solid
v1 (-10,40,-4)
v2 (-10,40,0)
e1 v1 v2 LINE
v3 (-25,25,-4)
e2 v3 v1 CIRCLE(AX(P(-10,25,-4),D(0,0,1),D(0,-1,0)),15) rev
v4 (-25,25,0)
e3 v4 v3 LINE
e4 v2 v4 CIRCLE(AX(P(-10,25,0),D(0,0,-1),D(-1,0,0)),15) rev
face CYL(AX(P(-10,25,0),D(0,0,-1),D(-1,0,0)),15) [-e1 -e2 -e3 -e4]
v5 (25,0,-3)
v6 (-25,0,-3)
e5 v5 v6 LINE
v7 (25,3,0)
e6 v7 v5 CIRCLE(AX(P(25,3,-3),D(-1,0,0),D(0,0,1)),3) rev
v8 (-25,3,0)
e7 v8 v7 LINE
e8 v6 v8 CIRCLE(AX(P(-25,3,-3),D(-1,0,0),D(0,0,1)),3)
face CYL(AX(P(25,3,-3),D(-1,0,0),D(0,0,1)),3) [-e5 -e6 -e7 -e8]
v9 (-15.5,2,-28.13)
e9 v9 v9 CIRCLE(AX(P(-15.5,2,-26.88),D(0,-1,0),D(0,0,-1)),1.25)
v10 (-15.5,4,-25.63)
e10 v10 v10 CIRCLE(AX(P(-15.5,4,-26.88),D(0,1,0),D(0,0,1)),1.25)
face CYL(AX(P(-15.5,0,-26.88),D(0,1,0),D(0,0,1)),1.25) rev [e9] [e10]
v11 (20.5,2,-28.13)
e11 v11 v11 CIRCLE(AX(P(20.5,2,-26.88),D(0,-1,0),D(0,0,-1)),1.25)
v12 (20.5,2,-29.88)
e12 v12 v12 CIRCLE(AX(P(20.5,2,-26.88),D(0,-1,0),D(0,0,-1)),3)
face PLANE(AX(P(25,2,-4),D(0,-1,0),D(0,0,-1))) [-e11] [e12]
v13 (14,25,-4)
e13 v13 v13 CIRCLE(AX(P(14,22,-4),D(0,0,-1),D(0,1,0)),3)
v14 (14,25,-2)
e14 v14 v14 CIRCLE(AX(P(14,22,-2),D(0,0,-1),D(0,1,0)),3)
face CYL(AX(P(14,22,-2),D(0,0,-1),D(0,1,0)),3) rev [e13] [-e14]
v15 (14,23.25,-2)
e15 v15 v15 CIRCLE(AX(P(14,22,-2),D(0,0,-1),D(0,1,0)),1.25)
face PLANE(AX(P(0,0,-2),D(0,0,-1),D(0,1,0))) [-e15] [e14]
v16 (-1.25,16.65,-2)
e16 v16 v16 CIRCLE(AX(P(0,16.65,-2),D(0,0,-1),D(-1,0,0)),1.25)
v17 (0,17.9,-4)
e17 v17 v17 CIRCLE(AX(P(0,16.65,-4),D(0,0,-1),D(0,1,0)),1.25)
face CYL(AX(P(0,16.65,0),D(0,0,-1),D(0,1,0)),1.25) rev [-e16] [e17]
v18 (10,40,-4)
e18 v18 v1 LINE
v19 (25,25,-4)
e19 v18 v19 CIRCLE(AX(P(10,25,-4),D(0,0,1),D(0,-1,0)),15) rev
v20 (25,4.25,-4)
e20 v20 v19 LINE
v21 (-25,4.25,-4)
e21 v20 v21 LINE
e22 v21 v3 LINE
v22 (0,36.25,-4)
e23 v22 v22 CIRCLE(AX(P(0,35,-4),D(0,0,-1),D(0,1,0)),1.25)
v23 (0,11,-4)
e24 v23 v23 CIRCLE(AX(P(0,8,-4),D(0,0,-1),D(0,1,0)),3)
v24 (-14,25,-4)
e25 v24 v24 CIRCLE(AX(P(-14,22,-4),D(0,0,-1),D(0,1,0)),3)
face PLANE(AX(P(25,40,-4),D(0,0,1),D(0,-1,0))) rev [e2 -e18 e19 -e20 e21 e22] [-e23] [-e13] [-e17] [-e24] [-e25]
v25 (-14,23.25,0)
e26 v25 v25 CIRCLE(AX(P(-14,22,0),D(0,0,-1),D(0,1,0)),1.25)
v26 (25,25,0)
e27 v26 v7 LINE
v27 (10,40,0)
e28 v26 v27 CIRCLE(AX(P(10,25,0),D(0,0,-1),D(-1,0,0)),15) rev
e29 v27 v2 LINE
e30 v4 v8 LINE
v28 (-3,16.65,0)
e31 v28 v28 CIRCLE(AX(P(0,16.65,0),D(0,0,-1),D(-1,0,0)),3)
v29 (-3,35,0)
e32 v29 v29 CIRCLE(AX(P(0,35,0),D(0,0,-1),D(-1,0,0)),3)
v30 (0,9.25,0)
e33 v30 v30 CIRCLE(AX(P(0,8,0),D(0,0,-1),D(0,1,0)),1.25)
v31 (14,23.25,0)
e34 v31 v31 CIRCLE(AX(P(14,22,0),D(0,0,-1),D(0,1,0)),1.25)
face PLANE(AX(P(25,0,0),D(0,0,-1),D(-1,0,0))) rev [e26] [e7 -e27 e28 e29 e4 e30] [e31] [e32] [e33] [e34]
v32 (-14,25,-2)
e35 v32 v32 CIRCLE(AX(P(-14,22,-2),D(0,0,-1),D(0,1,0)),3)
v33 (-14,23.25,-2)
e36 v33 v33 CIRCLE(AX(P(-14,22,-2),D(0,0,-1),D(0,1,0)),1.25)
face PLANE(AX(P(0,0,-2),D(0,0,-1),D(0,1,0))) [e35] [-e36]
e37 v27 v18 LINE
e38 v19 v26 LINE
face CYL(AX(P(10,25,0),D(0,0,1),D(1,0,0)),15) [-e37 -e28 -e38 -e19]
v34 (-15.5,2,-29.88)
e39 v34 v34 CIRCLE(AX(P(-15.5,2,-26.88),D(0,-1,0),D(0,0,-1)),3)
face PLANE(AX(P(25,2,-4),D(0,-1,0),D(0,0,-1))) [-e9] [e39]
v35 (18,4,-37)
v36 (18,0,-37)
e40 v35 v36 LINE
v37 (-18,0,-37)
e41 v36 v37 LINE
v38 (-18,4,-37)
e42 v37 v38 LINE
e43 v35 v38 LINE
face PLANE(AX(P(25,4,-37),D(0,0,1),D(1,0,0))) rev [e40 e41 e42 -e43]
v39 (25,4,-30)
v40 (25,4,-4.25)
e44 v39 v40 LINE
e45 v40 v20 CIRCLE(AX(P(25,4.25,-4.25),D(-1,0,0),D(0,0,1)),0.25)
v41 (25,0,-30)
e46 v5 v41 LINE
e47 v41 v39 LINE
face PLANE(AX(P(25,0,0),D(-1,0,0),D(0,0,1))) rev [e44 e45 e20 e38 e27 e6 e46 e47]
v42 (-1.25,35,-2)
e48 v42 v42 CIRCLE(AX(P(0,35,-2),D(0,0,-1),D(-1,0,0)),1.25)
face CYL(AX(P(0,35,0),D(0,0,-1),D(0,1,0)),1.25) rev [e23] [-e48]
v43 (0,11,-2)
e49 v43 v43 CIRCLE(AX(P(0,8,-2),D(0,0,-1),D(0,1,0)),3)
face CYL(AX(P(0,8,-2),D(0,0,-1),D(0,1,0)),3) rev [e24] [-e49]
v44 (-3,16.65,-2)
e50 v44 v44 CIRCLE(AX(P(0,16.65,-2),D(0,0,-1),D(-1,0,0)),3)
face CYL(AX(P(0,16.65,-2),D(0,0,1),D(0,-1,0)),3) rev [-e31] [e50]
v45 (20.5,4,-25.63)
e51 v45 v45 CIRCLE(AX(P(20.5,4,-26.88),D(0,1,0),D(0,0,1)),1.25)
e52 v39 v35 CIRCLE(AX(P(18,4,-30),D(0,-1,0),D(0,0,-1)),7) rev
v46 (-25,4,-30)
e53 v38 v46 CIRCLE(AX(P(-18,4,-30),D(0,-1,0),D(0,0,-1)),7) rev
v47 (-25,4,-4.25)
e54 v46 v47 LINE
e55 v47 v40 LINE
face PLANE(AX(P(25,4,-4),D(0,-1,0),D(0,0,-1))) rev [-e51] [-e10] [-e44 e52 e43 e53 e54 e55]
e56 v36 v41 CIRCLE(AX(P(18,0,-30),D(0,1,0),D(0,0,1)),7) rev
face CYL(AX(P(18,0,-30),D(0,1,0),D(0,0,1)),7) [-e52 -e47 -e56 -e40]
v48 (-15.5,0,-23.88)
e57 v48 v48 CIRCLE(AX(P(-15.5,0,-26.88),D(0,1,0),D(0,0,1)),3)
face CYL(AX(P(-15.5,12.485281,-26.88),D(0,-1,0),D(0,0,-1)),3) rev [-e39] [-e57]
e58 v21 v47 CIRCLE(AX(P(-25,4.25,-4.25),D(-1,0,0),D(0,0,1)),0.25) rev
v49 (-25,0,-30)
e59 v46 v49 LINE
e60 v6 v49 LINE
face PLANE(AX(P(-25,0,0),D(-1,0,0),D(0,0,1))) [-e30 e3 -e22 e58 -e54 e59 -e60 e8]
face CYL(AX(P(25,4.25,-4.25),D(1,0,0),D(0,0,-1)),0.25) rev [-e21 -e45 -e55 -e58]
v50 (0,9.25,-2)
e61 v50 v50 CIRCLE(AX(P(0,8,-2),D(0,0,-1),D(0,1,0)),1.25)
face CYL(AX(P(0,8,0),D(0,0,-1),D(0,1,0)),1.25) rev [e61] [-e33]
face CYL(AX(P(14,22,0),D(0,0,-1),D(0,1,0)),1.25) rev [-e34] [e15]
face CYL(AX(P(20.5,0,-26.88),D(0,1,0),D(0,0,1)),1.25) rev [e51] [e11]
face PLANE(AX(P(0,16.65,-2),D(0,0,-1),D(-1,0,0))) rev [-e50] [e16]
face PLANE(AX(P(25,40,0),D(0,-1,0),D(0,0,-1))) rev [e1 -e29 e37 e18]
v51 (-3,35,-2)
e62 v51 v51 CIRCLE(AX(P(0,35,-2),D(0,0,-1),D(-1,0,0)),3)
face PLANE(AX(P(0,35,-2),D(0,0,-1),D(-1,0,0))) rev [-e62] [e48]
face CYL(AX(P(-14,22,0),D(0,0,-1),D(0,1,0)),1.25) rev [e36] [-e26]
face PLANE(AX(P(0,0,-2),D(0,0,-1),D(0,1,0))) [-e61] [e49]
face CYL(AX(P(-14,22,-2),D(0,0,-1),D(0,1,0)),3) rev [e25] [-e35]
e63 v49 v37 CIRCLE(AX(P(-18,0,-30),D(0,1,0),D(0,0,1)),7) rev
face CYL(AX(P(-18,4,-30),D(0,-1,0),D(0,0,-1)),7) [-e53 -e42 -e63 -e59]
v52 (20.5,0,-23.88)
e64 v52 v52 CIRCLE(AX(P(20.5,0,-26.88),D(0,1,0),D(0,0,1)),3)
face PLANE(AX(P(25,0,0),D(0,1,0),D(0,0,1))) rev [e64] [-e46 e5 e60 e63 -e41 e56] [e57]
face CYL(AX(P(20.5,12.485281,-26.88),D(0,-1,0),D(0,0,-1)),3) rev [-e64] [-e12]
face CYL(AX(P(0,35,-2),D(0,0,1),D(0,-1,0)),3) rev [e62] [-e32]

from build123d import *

# Parameters (mm, degrees)
RESSALTO_EXTRUS_O1_DEPTH = 25
CORTE_EXTRUS_O1_START    = -4
ESBO_O2_R                = 3
ESBO_O2_R_2              = 1.25
CORTE_EXTRUS_O1_DEPTH    = 2
ESBO_O2_5_R              = 1.25
CORTE_EXTRUS_O2_DEPTH    = 58.358521599
ESBO_O2_6_R              = 1.25
CORTE_EXTRUS_O3_DEPTH    = 58.358521599
ESBO_O4_R                = 3
ESBO_O4_R_2              = 1.25
CORTE_EXTRUS_O4_DEPTH    = 2
ESBO_O4_4_R              = 1.25
CORTE_EXTRUS_O5_DEPTH    = 58.567351858
CORTE_EXTRUS_O8_START    = -4
CORTE_EXTRUS_O8_DEPTH    = 2
CORTE_EXTRUS_O9_DEPTH    = 58.567351858
FILETE1_R                = 15
FILETE2_R                = 7
FILETE3_R                = 0.25
FILETE4_R                = 3


with BuildPart() as part:
    # Esboço1 → Ressalto-extrusão1 (new, symmetric)
    with BuildSketch(Plane(origin=(0, 0, 0), x_dir=(0, 0, -1), z_dir=(1, 0, 0))):
        Polygon((0, 0), (37, 0), (37, 4), (4, 4), (4, 40), (0, 40), align=None)
    extrude(amount=RESSALTO_EXTRUS_O1_DEPTH, both=True)

    # Esboço2 → Corte-extrusão1 (cut)
    # profile 1 of 2: a face of its own
    with BuildSketch(Plane(origin=(0, 4, 0), x_dir=(1, 0, 0), z_dir=(0, 1, 0)).offset(CORTE_EXTRUS_O1_START)):
        with Locations(Location((20.5, 26.88, 0), (0, 0, 90))):
            Circle(ESBO_O2_R)
        with Locations(Location((20.5, 26.88, 0), (0, 0, 90))):
            Circle(ESBO_O2_R_2, mode=Mode.SUBTRACT)
    # profile 2 of 2: a face of its own
    with BuildSketch(Plane(origin=(0, 4, 0), x_dir=(1, 0, 0), z_dir=(0, 1, 0)).offset(CORTE_EXTRUS_O1_START)):
        with Locations(Location((-15.5, 26.88, 0), (0, 0, 90))):
            Circle(ESBO_O2_R)
        with Locations(Location((-15.5, 26.88, 0), (0, 0, 90))):
            Circle(ESBO_O2_R_2, mode=Mode.SUBTRACT)
    extrude(amount=CORTE_EXTRUS_O1_DEPTH, mode=Mode.SUBTRACT)

    # Esboço2<5> → Corte-extrusão2 (cut, through all)
    with BuildSketch(Plane(origin=(0, 4, 0), x_dir=(1, 0, 0), z_dir=(0, 1, 0))):
        with Locations(Location((-15.5, 26.88, 0), (0, 0, 270))):
            Circle(ESBO_O2_5_R)
    extrude(amount=-CORTE_EXTRUS_O2_DEPTH, mode=Mode.SUBTRACT)

    # Esboço2<6> → Corte-extrusão3 (cut, through all)
    with BuildSketch(Plane(origin=(0, 4, 0), x_dir=(1, 0, 0), z_dir=(0, 1, 0))):
        with Locations(Location((20.5, 26.88, 0), (0, 0, 270))):
            Circle(ESBO_O2_6_R)
    extrude(amount=-CORTE_EXTRUS_O3_DEPTH, mode=Mode.SUBTRACT)

    # Esboço4 → Corte-extrusão4 (cut)
    # profile 1 of 6: a face of its own
    with BuildSketch(Plane(origin=(0, 0, -4), x_dir=(-1, 0, 0), z_dir=(0, 0, -1))):
        with Locations(Location((14, 22, 0), (0, 0, 90))):
            Circle(ESBO_O4_R)
        with Locations(Location((14, 22, 0), (0, 0, 90))):
            Circle(ESBO_O4_R_2, mode=Mode.SUBTRACT)
    # profile 2 of 6: a face of its own
    with BuildSketch(Plane(origin=(0, 0, -4), x_dir=(-1, 0, 0), z_dir=(0, 0, -1))):
        with Locations(Location((-14, 22, 0), (0, 0, 90))):
            Circle(ESBO_O4_R)
        with Locations(Location((-14, 22, 0), (0, 0, 90))):
            Circle(ESBO_O4_R_2, mode=Mode.SUBTRACT)
    # profile 3 of 6: a face of its own
    with BuildSketch(Plane(origin=(0, 0, -4), x_dir=(-1, 0, 0), z_dir=(0, 0, -1))):
        with BuildLine():
            ThreePointArc((3, 8), (2.121320344, 10.121320344), (0, 11))
            Line((0, 11), (0, 9.25))
            ThreePointArc((0, 9.25), (0.883883476, 8.883883476), (1.25, 8))
            ThreePointArc((1.25, 8), (0.883883476, 7.116116524), (0, 6.75))
            Line((0, 6.75), (0, 5))
            ThreePointArc((0, 5), (2.121320344, 5.878679656), (3, 8))
        make_face()
    # profile 4 of 6: a face of its own
    with BuildSketch(Plane(origin=(0, 0, -4), x_dir=(-1, 0, 0), z_dir=(0, 0, -1))):
        with BuildLine():
            Line((0, 9.25), (0, 11))
            ThreePointArc((0, 11), (-3, 8), (0, 5))
            Line((0, 5), (0, 6.75))
            ThreePointArc((0, 6.75), (-1.25, 8), (0, 9.25))
        make_face()
    # profile 5 of 6: a face of its own
    with BuildSketch(Plane(origin=(0, 0, -4), x_dir=(-1, 0, 0), z_dir=(0, 0, -1))):
        with BuildLine():
            ThreePointArc((3, 8), (2.121320344, 10.121320344), (0, 11))
            Line((0, 11), (0, 9.25))
            ThreePointArc((0, 9.25), (0.883883476, 8.883883476), (1.25, 8))
            ThreePointArc((1.25, 8), (0.883883476, 7.116116524), (0, 6.75))
            Line((0, 6.75), (0, 5))
            ThreePointArc((0, 5), (2.121320344, 5.878679656), (3, 8))
        make_face()
    # profile 6 of 6: a face of its own
    with BuildSketch(Plane(origin=(0, 0, -4), x_dir=(-1, 0, 0), z_dir=(0, 0, -1))):
        with BuildLine():
            Line((0, 9.25), (0, 11))
            ThreePointArc((0, 11), (-3, 8), (0, 5))
            Line((0, 5), (0, 6.75))
            ThreePointArc((0, 6.75), (-1.25, 8), (0, 9.25))
        make_face()
    extrude(amount=-CORTE_EXTRUS_O4_DEPTH, mode=Mode.SUBTRACT)

    # Esboço4<4> → Corte-extrusão5 (cut, through all)
    with BuildSketch(Plane(origin=(0, 0, -4), x_dir=(-1, 0, 0), z_dir=(0, 0, -1))):
        with Locations(Location((-14, 22, 0), (0, 0, 90))):
            Circle(ESBO_O4_4_R)
        with Locations(Location((14, 22, 0), (0, 0, 90))):
            Circle(ESBO_O4_4_R)
        with BuildLine():
            ThreePointArc((1.25, 8), (0.883883476, 8.883883476), (0, 9.25))
            Line((0, 9.25), (0, 6.75))
            ThreePointArc((0, 6.75), (0.883883476, 7.116116524), (1.25, 8))
        make_face()
        with BuildLine():
            Line((0, 6.75), (0, 9.25))
            ThreePointArc((0, 9.25), (-1.25, 8), (0, 6.75))
        make_face()
    extrude(amount=-CORTE_EXTRUS_O5_DEPTH, mode=Mode.SUBTRACT)

    # Esboço4<11> → Corte-extrusão8 (cut)
    with BuildSketch(Plane(origin=(0, 0, -4), x_dir=(-1, 0, 0), z_dir=(0, 0, -1)).offset(CORTE_EXTRUS_O8_START)):
        with BuildLine():
            ThreePointArc((3, 16.65), (2.121320344, 18.771320344), (0, 19.65))
            Line((0, 19.65), (0, 17.9))
            ThreePointArc((0, 17.9), (0.883883476, 17.533883476), (1.25, 16.65))
            ThreePointArc((1.25, 16.65), (0.883883476, 15.766116524), (0, 15.4))
            Line((0, 15.4), (0, 13.65))
            ThreePointArc((0, 13.65), (2.121320344, 14.528679656), (3, 16.65))
        make_face()
        with BuildLine():
            Line((0, 17.9), (0, 19.65))
            ThreePointArc((0, 19.65), (-3, 16.65), (0, 13.65))
            Line((0, 13.65), (0, 15.4))
            ThreePointArc((0, 15.4), (-1.25, 16.65), (0, 17.9))
        make_face()
        with BuildLine():
            ThreePointArc((3, 35), (2.121320344, 37.121320344), (0, 38))
            Line((0, 38), (0, 36.25))
            ThreePointArc((0, 36.25), (0.883883476, 35.883883476), (1.25, 35))
            ThreePointArc((1.25, 35), (0.883883476, 34.116116524), (0, 33.75))
            Line((0, 33.75), (0, 32))
            ThreePointArc((0, 32), (2.121320344, 32.878679656), (3, 35))
        make_face()
        with BuildLine():
            Line((0, 36.25), (0, 38))
            ThreePointArc((0, 38), (-3, 35), (0, 32))
            Line((0, 32), (0, 33.75))
            ThreePointArc((0, 33.75), (-1.25, 35), (0, 36.25))
        make_face()
    extrude(amount=CORTE_EXTRUS_O8_DEPTH, mode=Mode.SUBTRACT)

    # Esboço4<12> → Corte-extrusão9 (cut, through all)
    with BuildSketch(Plane(origin=(0, 0, -4), x_dir=(-1, 0, 0), z_dir=(0, 0, -1))):
        with BuildLine():
            ThreePointArc((1.25, 35), (0.883883476, 35.883883476), (0, 36.25))
            Line((0, 36.25), (0, 33.75))
            ThreePointArc((0, 33.75), (0.883883476, 34.116116524), (1.25, 35))
        make_face()
        with BuildLine():
            Line((0, 33.75), (0, 36.25))
            ThreePointArc((0, 36.25), (-1.25, 35), (0, 33.75))
        make_face()
        with BuildLine():
            ThreePointArc((1.25, 16.65), (0.883883476, 17.533883476), (0, 17.9))
            Line((0, 17.9), (0, 15.4))
            ThreePointArc((0, 15.4), (0.883883476, 15.766116524), (1.25, 16.65))
        make_face()
        with BuildLine():
            Line((0, 15.4), (0, 17.9))
            ThreePointArc((0, 17.9), (-1.25, 16.65), (0, 15.4))
        make_face()
    extrude(amount=-CORTE_EXTRUS_O9_DEPTH, mode=Mode.SUBTRACT)

    # Filete1
    filete1_edges = [part.edges().sort_by_distance(p)[0] for p in [
        (25, 40, -2),
        (-25, 40, -2),
    ]]
    fillet(filete1_edges, radius=FILETE1_R)

    # Filete2
    filete2_edges = [part.edges().sort_by_distance(p)[0] for p in [
        (25, 2, -37),
        (-25, 2, -37),
    ]]
    fillet(filete2_edges, radius=FILETE2_R)

    # Filete3
    filete3_edges = [part.edges().sort_by_distance(p)[0] for p in [
        (0, 4, -4),
    ]]
    fillet(filete3_edges, radius=FILETE3_R)

    # Filete4
    filete4_edges = [part.edges().sort_by_distance(p)[0] for p in [
        (0, 0, 0),
    ]]
    fillet(filete4_edges, radius=FILETE4_R)


solid = part.part
